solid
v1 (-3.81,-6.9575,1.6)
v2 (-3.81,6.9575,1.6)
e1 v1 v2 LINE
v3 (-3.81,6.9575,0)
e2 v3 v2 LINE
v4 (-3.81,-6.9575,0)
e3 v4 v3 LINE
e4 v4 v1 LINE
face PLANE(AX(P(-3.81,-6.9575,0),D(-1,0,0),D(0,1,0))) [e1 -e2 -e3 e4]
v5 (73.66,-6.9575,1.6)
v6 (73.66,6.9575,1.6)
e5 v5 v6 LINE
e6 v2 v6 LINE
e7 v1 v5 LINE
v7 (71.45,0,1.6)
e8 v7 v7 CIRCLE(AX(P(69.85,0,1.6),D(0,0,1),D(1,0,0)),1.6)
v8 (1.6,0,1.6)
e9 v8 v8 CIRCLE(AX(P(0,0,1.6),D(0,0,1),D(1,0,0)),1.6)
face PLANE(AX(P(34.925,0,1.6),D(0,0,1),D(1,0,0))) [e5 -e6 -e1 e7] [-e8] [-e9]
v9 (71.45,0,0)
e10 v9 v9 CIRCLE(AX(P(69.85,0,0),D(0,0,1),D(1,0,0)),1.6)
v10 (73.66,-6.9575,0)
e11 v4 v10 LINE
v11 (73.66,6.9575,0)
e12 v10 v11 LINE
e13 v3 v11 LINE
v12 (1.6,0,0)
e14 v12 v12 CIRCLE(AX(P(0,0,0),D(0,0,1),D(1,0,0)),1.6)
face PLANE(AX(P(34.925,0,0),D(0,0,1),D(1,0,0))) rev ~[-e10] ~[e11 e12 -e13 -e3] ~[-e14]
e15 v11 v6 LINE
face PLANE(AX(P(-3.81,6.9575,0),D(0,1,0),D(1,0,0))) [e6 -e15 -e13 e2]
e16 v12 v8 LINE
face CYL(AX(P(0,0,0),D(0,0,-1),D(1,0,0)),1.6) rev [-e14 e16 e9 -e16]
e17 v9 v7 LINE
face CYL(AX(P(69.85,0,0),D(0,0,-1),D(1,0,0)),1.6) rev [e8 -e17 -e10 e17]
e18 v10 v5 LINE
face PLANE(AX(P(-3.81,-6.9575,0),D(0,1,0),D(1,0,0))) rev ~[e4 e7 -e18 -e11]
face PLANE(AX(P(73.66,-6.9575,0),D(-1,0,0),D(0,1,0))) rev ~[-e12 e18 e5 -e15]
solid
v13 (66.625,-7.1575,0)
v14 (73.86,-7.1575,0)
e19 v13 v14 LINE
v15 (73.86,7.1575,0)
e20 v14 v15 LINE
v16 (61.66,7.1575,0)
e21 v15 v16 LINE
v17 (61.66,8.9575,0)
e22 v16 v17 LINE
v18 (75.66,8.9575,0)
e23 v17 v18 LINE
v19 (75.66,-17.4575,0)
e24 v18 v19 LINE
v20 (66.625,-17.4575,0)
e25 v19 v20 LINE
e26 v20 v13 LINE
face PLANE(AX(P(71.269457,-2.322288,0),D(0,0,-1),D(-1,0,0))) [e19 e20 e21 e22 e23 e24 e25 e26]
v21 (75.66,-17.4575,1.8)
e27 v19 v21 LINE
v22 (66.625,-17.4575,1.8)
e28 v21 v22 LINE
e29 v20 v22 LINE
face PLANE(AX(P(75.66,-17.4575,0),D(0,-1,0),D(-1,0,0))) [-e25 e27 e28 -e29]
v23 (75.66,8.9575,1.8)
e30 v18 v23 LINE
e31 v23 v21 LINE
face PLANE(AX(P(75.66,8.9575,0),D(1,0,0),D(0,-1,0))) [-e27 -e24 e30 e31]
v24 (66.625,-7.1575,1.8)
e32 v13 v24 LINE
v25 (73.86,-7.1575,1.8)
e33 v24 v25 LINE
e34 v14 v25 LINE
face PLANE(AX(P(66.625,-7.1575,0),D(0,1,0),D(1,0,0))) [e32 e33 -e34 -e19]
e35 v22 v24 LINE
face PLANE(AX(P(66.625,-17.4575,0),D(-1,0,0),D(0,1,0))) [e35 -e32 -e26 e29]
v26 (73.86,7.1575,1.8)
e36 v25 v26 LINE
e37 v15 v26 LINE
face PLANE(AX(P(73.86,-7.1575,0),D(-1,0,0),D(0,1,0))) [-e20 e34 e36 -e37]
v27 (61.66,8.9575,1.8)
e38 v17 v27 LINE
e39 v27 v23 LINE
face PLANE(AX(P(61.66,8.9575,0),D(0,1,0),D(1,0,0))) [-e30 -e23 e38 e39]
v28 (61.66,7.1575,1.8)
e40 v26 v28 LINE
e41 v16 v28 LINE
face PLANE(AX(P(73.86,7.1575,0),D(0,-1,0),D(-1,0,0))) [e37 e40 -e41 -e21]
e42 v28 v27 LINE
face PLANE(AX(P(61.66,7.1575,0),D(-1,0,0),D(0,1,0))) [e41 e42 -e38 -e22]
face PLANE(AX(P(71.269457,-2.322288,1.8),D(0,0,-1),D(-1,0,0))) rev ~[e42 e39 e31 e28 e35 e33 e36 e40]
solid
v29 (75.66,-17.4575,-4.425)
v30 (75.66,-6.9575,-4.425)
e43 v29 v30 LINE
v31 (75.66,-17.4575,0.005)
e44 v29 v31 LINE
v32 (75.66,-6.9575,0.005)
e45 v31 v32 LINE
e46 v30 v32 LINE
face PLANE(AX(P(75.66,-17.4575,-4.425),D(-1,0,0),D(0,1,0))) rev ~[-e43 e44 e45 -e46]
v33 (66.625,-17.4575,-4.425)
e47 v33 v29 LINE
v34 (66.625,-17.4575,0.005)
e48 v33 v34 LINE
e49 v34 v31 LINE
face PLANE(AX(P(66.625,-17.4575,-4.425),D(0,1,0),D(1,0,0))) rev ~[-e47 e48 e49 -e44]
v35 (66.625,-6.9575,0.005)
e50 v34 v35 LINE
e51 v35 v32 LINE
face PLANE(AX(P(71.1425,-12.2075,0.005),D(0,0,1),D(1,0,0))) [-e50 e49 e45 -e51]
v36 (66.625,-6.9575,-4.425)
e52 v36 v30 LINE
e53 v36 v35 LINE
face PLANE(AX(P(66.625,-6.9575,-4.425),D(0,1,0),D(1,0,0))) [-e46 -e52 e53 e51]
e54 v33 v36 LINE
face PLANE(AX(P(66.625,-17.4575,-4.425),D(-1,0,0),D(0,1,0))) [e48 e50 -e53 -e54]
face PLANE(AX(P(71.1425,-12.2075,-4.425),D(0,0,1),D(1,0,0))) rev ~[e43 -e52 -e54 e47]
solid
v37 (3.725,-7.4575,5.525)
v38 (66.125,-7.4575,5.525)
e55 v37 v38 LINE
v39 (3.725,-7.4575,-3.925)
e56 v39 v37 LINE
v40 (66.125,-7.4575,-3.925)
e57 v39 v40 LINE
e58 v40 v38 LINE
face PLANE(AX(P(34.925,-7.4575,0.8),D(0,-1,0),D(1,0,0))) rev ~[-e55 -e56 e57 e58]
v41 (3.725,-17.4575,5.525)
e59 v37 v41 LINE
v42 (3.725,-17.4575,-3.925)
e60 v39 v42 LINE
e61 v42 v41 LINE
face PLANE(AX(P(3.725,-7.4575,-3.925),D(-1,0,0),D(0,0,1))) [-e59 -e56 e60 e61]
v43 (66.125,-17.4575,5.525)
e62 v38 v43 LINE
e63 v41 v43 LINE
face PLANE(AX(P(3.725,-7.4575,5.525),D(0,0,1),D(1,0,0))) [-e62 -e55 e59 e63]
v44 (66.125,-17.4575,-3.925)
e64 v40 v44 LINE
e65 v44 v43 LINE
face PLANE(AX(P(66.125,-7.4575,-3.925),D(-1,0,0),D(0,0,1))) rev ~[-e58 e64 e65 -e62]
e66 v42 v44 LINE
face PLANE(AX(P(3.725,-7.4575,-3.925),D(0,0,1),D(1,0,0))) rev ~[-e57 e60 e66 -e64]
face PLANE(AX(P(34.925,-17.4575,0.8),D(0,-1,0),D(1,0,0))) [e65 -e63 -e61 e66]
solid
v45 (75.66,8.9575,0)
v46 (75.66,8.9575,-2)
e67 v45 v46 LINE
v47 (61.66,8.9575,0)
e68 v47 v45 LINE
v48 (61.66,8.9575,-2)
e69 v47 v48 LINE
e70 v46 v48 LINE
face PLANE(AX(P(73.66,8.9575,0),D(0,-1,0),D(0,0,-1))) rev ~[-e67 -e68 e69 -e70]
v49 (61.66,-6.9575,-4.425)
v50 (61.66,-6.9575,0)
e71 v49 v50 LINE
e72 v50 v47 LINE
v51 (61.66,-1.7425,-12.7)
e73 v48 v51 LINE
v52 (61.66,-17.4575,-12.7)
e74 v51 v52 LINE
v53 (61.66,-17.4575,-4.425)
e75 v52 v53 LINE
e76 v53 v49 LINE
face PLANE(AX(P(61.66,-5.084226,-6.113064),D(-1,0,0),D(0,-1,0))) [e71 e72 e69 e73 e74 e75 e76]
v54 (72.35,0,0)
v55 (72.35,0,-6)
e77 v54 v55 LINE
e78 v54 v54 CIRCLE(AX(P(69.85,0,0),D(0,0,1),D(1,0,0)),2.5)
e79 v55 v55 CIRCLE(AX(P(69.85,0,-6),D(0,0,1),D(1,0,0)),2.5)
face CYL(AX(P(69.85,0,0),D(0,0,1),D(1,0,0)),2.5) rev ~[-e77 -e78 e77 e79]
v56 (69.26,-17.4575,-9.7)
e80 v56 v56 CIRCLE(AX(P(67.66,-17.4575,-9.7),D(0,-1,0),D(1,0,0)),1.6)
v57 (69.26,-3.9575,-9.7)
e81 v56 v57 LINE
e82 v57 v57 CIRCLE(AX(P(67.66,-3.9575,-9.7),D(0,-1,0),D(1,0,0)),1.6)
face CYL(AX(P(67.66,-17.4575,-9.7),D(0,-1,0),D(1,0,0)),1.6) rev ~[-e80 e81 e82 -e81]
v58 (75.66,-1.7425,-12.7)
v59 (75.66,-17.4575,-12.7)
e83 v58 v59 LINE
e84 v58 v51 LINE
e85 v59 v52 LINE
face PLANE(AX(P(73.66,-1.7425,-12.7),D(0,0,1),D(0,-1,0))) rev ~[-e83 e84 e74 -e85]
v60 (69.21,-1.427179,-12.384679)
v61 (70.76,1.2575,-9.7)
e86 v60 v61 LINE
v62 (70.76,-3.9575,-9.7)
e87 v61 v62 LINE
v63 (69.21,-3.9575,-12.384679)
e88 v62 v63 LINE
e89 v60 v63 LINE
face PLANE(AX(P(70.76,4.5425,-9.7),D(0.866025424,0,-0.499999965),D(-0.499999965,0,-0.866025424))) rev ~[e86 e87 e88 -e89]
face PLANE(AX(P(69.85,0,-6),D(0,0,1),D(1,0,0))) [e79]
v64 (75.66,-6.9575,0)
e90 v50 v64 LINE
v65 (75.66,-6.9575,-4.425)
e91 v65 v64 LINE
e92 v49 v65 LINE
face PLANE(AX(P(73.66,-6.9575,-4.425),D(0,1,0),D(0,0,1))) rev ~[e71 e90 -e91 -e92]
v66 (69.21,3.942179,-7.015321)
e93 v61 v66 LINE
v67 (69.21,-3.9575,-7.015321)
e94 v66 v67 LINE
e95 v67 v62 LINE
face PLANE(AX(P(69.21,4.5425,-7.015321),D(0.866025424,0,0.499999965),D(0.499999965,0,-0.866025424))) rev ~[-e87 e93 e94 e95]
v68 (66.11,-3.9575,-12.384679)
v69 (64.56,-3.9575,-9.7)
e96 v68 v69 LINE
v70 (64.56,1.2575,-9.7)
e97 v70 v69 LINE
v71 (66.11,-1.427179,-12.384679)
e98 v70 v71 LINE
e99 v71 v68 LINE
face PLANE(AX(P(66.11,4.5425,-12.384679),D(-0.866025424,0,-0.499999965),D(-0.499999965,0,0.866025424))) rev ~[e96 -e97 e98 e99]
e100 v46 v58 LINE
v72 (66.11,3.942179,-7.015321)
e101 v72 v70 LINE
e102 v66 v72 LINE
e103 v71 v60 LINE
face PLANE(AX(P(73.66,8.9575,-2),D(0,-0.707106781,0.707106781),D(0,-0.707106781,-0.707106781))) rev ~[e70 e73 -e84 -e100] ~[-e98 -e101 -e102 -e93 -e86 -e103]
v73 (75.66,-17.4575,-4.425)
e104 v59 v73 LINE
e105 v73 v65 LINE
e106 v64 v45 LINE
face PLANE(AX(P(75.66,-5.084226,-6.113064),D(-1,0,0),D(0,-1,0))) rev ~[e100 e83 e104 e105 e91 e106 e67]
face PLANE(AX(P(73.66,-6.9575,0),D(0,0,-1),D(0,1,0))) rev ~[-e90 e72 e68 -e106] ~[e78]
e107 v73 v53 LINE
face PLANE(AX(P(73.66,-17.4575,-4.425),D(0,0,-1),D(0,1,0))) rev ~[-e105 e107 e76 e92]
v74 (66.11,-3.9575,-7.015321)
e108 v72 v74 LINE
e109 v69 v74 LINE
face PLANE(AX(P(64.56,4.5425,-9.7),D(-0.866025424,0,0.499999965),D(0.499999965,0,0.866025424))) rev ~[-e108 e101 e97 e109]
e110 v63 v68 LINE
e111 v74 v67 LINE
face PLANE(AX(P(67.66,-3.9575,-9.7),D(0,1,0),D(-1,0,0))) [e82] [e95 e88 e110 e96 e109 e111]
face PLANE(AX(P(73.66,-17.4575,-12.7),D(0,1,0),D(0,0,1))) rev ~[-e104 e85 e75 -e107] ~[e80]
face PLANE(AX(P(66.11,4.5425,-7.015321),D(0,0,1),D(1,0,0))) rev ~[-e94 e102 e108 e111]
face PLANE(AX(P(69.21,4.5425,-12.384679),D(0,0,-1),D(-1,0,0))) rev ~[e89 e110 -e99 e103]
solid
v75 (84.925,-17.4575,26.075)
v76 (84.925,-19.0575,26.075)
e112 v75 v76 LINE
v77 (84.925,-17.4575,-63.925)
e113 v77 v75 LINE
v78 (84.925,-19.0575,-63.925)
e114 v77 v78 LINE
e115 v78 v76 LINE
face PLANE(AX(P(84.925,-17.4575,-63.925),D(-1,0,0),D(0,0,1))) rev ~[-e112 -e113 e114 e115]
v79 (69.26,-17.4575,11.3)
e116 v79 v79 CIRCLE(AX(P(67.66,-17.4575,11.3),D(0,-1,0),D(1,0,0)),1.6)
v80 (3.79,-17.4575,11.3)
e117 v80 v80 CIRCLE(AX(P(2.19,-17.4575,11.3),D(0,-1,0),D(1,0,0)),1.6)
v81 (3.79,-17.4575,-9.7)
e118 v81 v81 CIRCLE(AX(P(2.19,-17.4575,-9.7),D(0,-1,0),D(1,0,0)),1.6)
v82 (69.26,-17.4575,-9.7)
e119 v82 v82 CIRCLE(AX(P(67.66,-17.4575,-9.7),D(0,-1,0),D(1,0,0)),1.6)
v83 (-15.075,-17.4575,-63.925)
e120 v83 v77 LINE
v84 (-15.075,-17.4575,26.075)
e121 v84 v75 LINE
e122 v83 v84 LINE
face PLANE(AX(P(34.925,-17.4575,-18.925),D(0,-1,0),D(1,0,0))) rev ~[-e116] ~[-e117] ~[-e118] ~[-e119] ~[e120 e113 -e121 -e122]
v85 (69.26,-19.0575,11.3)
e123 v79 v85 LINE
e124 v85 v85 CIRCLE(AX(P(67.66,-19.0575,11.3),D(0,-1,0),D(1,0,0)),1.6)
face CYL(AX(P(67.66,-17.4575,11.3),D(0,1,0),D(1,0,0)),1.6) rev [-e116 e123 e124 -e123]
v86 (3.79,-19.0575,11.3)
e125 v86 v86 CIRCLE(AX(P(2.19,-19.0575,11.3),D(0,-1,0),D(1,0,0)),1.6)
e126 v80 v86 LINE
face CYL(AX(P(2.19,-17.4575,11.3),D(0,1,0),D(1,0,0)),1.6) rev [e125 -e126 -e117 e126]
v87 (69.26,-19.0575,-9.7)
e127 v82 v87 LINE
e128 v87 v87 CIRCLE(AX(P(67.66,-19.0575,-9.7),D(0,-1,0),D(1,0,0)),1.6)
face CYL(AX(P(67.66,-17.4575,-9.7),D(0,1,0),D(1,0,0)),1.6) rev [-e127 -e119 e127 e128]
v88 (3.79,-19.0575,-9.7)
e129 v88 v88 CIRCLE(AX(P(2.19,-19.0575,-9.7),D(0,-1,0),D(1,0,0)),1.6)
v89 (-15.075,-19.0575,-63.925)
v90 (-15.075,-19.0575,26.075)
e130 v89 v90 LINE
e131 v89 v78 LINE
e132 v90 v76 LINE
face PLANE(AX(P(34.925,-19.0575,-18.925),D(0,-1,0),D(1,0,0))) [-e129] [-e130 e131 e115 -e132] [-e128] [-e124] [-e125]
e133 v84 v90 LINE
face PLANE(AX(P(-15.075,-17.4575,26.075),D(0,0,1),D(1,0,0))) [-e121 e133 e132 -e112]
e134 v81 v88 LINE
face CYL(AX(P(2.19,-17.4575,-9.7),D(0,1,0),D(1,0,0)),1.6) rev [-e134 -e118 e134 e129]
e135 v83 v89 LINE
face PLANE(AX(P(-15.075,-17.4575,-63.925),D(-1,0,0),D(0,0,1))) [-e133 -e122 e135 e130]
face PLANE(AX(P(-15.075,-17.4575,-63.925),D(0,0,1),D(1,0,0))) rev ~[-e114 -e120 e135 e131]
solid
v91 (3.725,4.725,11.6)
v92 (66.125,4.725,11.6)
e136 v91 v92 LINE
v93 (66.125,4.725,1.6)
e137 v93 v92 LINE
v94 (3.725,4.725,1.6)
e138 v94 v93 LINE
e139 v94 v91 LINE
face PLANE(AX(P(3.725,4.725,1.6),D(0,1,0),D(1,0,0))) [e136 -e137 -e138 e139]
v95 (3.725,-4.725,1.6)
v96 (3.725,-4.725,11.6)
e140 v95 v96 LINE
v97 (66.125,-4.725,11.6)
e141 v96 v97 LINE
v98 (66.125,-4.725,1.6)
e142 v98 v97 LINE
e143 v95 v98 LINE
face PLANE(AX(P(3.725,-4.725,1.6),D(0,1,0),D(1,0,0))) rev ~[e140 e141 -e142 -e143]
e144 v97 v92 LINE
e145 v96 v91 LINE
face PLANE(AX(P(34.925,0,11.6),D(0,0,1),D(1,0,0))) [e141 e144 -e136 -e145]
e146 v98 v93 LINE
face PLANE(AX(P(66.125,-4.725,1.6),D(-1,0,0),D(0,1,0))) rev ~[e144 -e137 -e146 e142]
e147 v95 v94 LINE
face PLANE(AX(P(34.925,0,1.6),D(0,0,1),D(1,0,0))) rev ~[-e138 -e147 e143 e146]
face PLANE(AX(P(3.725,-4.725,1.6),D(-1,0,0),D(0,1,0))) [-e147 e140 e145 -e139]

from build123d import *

# Parameters (mm, degrees)
SKETCH_W              = 77.47
SKETCH_H              = 13.915
SKETCH_R              = 1.6
EXTRUDE_DEPTH         = 1.6
SKETCH001_W           = 62.4
SKETCH001_H           = 9.45
EXTRUDE001_DEPTH      = 10
SKETCH002_W           = 62.4
SKETCH002_H           = 9.45
EXTRUDE002_DEPTH      = 10
SKETCH003_W           = 100
SKETCH003_H           = 90
SKETCH003_R           = 1.6
EXTRUDE003_DEPTH      = 1.6
SKETCH005_W           = 9.035
SKETCH005_H           = 10.5
EXTRUDE005_DEPTH      = 4.43
EXTRUDE006_DEPTH      = 1.8
SKETCH008_R           = 1.6
EXTRUDE008_DEPTH      = 22
EXTRUDE009_DEPTH      = 8.5
SKETCH007_R           = 2.5
EXTRUDE007_DEPTH      = 6
EXTRUDE004_DEPTH      = 2
EXTRUDE004_DEPTH_BACK = 12


with BuildPart() as extrude_body:
    # Sketch → Extrude (new body)
    with BuildSketch(Plane.XY):
        with Locations((34.925, 0)):
            Rectangle(SKETCH_W, SKETCH_H)
        Circle(SKETCH_R, mode=Mode.SUBTRACT)
        with Locations((69.85, 0)):
            Circle(SKETCH_R, mode=Mode.SUBTRACT)
    extrude(amount=EXTRUDE_DEPTH)


with BuildPart() as extrude001:
    # Sketch001 (on Face8 of Extrude) → Extrude001 (new body)
    with BuildSketch(Plane.XY.offset(1.6)):
        with Locations((34.925, 0)):
            Rectangle(SKETCH001_W, SKETCH001_H)
    extrude(amount=EXTRUDE001_DEPTH)


with BuildPart() as extrude002:
    # Sketch002 (on Face2 of Extrude) → Extrude002 (new body)
    with BuildSketch(Plane.XZ.offset(7.4575)):
        with Locations((34.925, 0.8)):
            Rectangle(SKETCH002_W, SKETCH002_H)
    extrude(amount=EXTRUDE002_DEPTH)


with BuildPart() as extrude003:
    # Sketch003 (on Face6 of Extrude002) → Extrude003 (new body)
    with BuildSketch(Plane.XZ.offset(17.4575)):
        with Locations((34.925, -18.925)):
            Rectangle(SKETCH003_W, SKETCH003_H)
        with Locations((2.19, 11.3)):
            Circle(SKETCH003_R, mode=Mode.SUBTRACT)
        with Locations((2.19, -9.7)):
            Circle(SKETCH003_R, mode=Mode.SUBTRACT)
        with Locations((67.66, 11.3)):
            Circle(SKETCH003_R, mode=Mode.SUBTRACT)
        with Locations((67.66, -9.7)):
            Circle(SKETCH003_R, mode=Mode.SUBTRACT)
    extrude(amount=EXTRUDE003_DEPTH)


with BuildPart() as extrude005:
    # Sketch005 (on Face5 of Extrude004) → Extrude005 (new body)
    with BuildSketch(Plane.XY.offset(-4.425)):
        with Locations((71.1425, -12.2075)):
            Rectangle(SKETCH005_W, SKETCH005_H)
    extrude(amount=EXTRUDE005_DEPTH)


with BuildPart() as extrude006:
    # Sketch006 (on Face7 of Extrude004) → Extrude006 (new body)
    with BuildSketch(Plane.XY):
        Polygon((61.66, 8.9575), (75.66, 8.9575), (75.66, -17.4575), (66.625, -17.4575), (66.625, -7.1575), (73.86, -7.1575), (73.86, 7.1575), (61.66, 7.1575), align=None)
    extrude(amount=EXTRUDE006_DEPTH)


with BuildPart() as extrude008:
    # Sketch008 (on Face4 of Extrude004) → Extrude008 (new body)
    with BuildSketch(Plane.XZ.offset(17.4575)):
        with Locations((67.66, -9.7)):
            Circle(SKETCH008_R)
    extrude(amount=-EXTRUDE008_DEPTH)


with BuildPart() as extrude009:
    # Sketch009 (on Face2 of Extrude008) → Extrude009 (new body)
    with BuildSketch(Plane(origin=(0, 4.5425, 0), x_dir=(-1, 0, 0), z_dir=(0, 1, 0))):
        Polygon((-64.56, -9.7), (-66.11, -7.015321), (-69.21, -7.015321), (-70.76, -9.7), (-69.21, -12.384679), (-66.11, -12.384679), align=None)
    extrude(amount=-EXTRUDE009_DEPTH)


with BuildPart() as fusion:
    # Sketch007 (on Face7 of Extrude004) → Extrude007 (new body)
    with BuildSketch(Plane.XY):
        with Locations((69.85, 0)):
            Circle(SKETCH007_R)
    extrude(amount=-EXTRUDE007_DEPTH)

    # Fusion: union Extrude008, Extrude009
    add(extrude008.part)
    add(extrude009.part)


with BuildPart() as cut:
    # Sketch004 (on Face3 of Extrude) → Extrude004 (new body, two sides)
    with BuildSketch(Plane.YZ.offset(73.66)) as extrude004_sk:
        Polygon((8.9575, 0), (8.9575, -2), (-1.7425, -12.7), (-17.4575, -12.7), (-17.4575, -4.425), (-6.9575, -4.425), (-6.9575, 0), align=None)
    extrude(amount=EXTRUDE004_DEPTH)
    extrude(extrude004_sk.sketch, amount=-EXTRUDE004_DEPTH_BACK)

    # Cut: cut Fusion
    add(fusion.part, mode=Mode.SUBTRACT)


solid = Compound([extrude_body.part, extrude001.part, extrude002.part, extrude003.part, extrude005.part, extrude006.part, cut.part])
